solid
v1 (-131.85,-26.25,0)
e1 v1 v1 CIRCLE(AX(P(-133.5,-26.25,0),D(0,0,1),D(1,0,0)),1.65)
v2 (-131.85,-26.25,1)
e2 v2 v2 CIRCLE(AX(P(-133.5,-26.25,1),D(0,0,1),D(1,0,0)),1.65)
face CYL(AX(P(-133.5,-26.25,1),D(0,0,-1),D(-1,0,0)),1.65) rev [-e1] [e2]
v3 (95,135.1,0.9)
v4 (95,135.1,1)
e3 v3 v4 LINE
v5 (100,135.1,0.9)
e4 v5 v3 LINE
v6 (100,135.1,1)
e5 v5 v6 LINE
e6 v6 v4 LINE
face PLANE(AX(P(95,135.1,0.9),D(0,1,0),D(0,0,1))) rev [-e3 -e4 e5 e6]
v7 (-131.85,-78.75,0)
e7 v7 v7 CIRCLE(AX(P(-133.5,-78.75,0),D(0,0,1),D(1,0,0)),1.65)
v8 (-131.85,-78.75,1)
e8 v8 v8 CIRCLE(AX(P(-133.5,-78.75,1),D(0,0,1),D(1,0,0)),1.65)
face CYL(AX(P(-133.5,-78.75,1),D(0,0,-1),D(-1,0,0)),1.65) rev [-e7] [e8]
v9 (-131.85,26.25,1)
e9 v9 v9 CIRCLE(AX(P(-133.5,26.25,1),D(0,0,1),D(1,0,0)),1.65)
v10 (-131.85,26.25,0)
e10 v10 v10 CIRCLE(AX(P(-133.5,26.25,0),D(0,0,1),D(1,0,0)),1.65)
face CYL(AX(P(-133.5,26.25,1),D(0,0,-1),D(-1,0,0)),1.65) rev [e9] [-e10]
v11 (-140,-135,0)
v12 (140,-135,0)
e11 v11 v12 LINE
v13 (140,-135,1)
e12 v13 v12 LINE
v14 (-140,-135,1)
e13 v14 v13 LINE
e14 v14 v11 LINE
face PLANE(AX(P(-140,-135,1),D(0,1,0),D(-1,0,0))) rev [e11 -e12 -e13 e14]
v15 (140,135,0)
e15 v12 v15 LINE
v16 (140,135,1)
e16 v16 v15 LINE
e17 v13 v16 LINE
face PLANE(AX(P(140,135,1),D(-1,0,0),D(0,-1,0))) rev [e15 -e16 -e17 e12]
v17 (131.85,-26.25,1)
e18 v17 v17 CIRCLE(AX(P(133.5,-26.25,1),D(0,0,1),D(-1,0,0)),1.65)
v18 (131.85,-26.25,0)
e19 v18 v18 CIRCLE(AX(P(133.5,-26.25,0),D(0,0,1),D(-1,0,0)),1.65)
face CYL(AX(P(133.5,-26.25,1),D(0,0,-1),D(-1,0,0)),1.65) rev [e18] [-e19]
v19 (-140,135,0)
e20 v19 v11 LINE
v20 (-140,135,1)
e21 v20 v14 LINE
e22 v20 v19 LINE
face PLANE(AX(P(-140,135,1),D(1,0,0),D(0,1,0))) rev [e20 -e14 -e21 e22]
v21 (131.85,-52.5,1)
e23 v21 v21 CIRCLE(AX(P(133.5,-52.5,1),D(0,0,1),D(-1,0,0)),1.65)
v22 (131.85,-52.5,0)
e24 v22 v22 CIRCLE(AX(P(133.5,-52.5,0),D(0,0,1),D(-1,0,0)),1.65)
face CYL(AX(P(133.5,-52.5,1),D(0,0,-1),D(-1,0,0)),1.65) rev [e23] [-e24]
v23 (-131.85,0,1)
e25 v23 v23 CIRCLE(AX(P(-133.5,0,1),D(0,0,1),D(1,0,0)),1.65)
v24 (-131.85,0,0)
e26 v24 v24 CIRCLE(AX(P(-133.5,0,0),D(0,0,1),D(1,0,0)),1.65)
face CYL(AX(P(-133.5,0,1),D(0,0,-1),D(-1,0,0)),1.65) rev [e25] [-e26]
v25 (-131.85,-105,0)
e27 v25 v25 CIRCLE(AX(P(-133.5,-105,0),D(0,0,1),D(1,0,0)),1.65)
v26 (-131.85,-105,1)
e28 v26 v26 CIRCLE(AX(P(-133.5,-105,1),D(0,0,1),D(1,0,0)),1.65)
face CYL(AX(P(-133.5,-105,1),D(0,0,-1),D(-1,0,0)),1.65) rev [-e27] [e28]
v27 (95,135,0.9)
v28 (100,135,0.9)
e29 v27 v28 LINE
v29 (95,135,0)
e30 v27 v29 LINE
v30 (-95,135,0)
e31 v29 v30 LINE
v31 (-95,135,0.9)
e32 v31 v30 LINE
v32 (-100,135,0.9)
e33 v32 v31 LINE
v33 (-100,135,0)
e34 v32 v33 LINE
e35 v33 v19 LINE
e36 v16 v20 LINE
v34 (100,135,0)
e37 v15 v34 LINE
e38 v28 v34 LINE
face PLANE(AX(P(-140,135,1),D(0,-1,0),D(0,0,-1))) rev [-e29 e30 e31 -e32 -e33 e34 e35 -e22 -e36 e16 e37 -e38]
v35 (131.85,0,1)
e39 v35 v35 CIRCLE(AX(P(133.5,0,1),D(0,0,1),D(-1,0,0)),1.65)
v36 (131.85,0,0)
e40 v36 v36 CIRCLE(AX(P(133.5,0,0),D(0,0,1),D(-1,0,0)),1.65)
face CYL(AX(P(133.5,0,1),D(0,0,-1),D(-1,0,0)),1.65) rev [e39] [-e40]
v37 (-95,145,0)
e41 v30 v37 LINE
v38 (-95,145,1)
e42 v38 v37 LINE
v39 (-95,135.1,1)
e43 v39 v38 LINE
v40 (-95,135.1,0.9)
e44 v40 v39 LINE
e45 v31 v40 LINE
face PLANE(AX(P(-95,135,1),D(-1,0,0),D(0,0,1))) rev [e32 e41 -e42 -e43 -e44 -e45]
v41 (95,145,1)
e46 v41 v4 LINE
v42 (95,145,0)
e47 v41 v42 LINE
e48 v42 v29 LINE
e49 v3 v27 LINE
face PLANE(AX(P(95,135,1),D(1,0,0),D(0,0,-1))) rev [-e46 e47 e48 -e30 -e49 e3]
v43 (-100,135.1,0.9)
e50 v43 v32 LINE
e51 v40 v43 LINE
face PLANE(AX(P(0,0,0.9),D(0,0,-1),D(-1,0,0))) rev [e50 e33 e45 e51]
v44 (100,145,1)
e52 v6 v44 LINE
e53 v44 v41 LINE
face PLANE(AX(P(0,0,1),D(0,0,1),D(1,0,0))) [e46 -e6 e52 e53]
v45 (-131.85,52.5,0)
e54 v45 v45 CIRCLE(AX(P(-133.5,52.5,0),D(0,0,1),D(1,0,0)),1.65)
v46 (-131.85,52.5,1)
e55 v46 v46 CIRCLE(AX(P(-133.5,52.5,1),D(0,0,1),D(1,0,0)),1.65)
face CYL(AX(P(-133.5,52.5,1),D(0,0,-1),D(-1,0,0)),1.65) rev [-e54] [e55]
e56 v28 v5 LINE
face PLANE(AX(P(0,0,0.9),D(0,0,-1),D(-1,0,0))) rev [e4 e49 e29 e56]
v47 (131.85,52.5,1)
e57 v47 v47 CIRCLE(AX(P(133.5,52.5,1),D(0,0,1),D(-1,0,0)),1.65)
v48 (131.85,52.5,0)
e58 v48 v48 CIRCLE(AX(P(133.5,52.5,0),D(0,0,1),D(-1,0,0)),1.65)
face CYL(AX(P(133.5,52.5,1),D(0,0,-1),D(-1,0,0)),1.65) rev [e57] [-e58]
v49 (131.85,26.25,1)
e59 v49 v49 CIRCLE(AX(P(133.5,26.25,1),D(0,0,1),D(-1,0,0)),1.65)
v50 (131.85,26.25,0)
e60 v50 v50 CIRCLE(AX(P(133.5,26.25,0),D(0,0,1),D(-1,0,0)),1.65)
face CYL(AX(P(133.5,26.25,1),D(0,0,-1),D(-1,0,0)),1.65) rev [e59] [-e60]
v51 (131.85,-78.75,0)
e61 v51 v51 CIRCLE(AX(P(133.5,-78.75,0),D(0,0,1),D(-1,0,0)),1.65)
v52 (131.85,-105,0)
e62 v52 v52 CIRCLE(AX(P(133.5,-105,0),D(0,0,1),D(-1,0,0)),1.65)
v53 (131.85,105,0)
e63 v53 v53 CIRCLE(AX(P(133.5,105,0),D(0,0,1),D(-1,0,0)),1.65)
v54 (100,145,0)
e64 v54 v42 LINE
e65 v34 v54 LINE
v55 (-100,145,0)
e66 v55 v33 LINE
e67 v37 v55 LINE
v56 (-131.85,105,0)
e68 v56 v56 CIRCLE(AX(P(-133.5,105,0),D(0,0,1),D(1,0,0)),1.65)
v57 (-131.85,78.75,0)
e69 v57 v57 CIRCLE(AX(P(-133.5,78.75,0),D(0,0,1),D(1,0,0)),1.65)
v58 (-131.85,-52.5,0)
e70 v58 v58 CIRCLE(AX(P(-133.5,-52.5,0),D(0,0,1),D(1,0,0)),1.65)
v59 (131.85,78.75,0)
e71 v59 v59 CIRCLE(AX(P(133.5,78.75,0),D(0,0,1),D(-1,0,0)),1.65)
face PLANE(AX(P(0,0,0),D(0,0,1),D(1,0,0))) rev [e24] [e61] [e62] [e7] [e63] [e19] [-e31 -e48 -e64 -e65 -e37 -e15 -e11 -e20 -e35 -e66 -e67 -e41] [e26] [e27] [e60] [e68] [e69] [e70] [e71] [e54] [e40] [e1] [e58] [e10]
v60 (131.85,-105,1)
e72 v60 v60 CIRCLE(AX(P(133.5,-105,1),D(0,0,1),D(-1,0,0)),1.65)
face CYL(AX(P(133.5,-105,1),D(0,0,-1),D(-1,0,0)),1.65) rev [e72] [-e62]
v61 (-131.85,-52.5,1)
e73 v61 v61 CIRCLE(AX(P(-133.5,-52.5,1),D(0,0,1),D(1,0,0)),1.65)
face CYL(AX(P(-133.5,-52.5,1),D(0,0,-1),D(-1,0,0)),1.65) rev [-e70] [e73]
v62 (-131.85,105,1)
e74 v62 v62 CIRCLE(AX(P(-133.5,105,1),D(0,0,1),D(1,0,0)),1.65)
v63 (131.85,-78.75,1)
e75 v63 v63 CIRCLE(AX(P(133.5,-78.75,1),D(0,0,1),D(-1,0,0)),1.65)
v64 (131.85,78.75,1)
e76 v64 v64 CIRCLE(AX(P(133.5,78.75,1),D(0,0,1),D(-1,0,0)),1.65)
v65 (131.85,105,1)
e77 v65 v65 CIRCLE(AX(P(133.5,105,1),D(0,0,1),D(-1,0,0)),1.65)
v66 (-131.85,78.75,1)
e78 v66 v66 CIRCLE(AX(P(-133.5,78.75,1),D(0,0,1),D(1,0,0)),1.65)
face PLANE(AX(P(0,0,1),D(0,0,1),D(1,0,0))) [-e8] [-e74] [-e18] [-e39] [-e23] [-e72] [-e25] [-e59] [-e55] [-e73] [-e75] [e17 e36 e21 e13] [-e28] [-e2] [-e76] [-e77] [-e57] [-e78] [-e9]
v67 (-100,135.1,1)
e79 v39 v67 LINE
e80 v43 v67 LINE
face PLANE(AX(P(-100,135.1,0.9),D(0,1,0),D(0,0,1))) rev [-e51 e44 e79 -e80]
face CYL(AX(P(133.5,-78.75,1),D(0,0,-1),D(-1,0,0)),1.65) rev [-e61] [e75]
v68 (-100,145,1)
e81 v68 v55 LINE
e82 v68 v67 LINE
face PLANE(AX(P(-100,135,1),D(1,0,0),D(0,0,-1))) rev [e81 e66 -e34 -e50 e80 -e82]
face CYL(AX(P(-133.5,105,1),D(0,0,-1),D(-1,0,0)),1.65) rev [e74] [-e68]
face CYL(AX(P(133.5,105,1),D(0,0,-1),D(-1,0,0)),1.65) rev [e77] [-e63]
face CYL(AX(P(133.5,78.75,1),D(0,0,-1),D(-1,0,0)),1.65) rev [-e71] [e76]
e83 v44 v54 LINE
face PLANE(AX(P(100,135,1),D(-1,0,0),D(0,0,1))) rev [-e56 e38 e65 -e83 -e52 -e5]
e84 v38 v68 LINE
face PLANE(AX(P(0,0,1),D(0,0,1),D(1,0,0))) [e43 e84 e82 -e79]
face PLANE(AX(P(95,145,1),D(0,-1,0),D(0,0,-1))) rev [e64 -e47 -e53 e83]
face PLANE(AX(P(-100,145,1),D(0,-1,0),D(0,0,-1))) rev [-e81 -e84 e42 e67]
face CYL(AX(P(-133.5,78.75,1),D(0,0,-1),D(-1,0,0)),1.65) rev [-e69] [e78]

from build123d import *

# Parameters (mm, degrees)
SKETCH1_R           = 1.65
BOSS_EXTRUDE1_DEPTH = 1
SKETCH2_W           = 5
SKETCH2_H           = 0.1
CUT_EXTRUDE1_DEPTH  = 0.1


with BuildPart() as part:
    # Sketch1 → Boss-Extrude1 (new body)
    with BuildSketch(Plane.XY):
        Polygon((-140, 135), (-100, 135), (-100, 145), (-95, 145), (-95, 135), (95, 135), (95, 145), (100, 145), (100, 135), (140, 135), (140, -135), (-140, -135), align=None)
        with Locations((-133.5, 0)):
            Circle(SKETCH1_R, mode=Mode.SUBTRACT)
        with Locations((-133.5, 26.25)):
            Circle(SKETCH1_R, mode=Mode.SUBTRACT)
        with Locations((-133.5, 52.5)):
            Circle(SKETCH1_R, mode=Mode.SUBTRACT)
        with Locations((-133.5, 78.75)):
            Circle(SKETCH1_R, mode=Mode.SUBTRACT)
        with Locations((-133.5, 105)):
            Circle(SKETCH1_R, mode=Mode.SUBTRACT)
        with Locations((-133.5, -26.25)):
            Circle(SKETCH1_R, mode=Mode.SUBTRACT)
        with Locations((-133.5, -52.5)):
            Circle(SKETCH1_R, mode=Mode.SUBTRACT)
        with Locations((-133.5, -78.75)):
            Circle(SKETCH1_R, mode=Mode.SUBTRACT)
        with Locations((-133.5, -105)):
            Circle(SKETCH1_R, mode=Mode.SUBTRACT)
        with Locations(Location((133.5, -105, 0), (0, 0, 180))):
            Circle(SKETCH1_R, mode=Mode.SUBTRACT)
        with Locations(Location((133.5, -78.75, 0), (0, 0, 180))):
            Circle(SKETCH1_R, mode=Mode.SUBTRACT)
        with Locations(Location((133.5, -52.5, 0), (0, 0, 180))):
            Circle(SKETCH1_R, mode=Mode.SUBTRACT)
        with Locations(Location((133.5, -26.25, 0), (0, 0, 180))):
            Circle(SKETCH1_R, mode=Mode.SUBTRACT)
        with Locations(Location((133.5, 105, 0), (0, 0, 180))):
            Circle(SKETCH1_R, mode=Mode.SUBTRACT)
        with Locations(Location((133.5, 78.75, 0), (0, 0, 180))):
            Circle(SKETCH1_R, mode=Mode.SUBTRACT)
        with Locations(Location((133.5, 52.5, 0), (0, 0, 180))):
            Circle(SKETCH1_R, mode=Mode.SUBTRACT)
        with Locations(Location((133.5, 26.25, 0), (0, 0, 180))):
            Circle(SKETCH1_R, mode=Mode.SUBTRACT)
        with Locations(Location((133.5, 0, 0), (0, 0, 180))):
            Circle(SKETCH1_R, mode=Mode.SUBTRACT)
    extrude(amount=BOSS_EXTRUDE1_DEPTH)

    # Sketch2 → Cut-Extrude1 (cut)
    with BuildSketch(Plane.XY.offset(1)):
        with Locations((-97.5, 135.05)):
            Rectangle(SKETCH2_W, SKETCH2_H)
        with Locations((97.5, 135.05)):
            Rectangle(SKETCH2_W, SKETCH2_H)
    extrude(amount=-CUT_EXTRUDE1_DEPTH, mode=Mode.SUBTRACT)


solid = part.part
